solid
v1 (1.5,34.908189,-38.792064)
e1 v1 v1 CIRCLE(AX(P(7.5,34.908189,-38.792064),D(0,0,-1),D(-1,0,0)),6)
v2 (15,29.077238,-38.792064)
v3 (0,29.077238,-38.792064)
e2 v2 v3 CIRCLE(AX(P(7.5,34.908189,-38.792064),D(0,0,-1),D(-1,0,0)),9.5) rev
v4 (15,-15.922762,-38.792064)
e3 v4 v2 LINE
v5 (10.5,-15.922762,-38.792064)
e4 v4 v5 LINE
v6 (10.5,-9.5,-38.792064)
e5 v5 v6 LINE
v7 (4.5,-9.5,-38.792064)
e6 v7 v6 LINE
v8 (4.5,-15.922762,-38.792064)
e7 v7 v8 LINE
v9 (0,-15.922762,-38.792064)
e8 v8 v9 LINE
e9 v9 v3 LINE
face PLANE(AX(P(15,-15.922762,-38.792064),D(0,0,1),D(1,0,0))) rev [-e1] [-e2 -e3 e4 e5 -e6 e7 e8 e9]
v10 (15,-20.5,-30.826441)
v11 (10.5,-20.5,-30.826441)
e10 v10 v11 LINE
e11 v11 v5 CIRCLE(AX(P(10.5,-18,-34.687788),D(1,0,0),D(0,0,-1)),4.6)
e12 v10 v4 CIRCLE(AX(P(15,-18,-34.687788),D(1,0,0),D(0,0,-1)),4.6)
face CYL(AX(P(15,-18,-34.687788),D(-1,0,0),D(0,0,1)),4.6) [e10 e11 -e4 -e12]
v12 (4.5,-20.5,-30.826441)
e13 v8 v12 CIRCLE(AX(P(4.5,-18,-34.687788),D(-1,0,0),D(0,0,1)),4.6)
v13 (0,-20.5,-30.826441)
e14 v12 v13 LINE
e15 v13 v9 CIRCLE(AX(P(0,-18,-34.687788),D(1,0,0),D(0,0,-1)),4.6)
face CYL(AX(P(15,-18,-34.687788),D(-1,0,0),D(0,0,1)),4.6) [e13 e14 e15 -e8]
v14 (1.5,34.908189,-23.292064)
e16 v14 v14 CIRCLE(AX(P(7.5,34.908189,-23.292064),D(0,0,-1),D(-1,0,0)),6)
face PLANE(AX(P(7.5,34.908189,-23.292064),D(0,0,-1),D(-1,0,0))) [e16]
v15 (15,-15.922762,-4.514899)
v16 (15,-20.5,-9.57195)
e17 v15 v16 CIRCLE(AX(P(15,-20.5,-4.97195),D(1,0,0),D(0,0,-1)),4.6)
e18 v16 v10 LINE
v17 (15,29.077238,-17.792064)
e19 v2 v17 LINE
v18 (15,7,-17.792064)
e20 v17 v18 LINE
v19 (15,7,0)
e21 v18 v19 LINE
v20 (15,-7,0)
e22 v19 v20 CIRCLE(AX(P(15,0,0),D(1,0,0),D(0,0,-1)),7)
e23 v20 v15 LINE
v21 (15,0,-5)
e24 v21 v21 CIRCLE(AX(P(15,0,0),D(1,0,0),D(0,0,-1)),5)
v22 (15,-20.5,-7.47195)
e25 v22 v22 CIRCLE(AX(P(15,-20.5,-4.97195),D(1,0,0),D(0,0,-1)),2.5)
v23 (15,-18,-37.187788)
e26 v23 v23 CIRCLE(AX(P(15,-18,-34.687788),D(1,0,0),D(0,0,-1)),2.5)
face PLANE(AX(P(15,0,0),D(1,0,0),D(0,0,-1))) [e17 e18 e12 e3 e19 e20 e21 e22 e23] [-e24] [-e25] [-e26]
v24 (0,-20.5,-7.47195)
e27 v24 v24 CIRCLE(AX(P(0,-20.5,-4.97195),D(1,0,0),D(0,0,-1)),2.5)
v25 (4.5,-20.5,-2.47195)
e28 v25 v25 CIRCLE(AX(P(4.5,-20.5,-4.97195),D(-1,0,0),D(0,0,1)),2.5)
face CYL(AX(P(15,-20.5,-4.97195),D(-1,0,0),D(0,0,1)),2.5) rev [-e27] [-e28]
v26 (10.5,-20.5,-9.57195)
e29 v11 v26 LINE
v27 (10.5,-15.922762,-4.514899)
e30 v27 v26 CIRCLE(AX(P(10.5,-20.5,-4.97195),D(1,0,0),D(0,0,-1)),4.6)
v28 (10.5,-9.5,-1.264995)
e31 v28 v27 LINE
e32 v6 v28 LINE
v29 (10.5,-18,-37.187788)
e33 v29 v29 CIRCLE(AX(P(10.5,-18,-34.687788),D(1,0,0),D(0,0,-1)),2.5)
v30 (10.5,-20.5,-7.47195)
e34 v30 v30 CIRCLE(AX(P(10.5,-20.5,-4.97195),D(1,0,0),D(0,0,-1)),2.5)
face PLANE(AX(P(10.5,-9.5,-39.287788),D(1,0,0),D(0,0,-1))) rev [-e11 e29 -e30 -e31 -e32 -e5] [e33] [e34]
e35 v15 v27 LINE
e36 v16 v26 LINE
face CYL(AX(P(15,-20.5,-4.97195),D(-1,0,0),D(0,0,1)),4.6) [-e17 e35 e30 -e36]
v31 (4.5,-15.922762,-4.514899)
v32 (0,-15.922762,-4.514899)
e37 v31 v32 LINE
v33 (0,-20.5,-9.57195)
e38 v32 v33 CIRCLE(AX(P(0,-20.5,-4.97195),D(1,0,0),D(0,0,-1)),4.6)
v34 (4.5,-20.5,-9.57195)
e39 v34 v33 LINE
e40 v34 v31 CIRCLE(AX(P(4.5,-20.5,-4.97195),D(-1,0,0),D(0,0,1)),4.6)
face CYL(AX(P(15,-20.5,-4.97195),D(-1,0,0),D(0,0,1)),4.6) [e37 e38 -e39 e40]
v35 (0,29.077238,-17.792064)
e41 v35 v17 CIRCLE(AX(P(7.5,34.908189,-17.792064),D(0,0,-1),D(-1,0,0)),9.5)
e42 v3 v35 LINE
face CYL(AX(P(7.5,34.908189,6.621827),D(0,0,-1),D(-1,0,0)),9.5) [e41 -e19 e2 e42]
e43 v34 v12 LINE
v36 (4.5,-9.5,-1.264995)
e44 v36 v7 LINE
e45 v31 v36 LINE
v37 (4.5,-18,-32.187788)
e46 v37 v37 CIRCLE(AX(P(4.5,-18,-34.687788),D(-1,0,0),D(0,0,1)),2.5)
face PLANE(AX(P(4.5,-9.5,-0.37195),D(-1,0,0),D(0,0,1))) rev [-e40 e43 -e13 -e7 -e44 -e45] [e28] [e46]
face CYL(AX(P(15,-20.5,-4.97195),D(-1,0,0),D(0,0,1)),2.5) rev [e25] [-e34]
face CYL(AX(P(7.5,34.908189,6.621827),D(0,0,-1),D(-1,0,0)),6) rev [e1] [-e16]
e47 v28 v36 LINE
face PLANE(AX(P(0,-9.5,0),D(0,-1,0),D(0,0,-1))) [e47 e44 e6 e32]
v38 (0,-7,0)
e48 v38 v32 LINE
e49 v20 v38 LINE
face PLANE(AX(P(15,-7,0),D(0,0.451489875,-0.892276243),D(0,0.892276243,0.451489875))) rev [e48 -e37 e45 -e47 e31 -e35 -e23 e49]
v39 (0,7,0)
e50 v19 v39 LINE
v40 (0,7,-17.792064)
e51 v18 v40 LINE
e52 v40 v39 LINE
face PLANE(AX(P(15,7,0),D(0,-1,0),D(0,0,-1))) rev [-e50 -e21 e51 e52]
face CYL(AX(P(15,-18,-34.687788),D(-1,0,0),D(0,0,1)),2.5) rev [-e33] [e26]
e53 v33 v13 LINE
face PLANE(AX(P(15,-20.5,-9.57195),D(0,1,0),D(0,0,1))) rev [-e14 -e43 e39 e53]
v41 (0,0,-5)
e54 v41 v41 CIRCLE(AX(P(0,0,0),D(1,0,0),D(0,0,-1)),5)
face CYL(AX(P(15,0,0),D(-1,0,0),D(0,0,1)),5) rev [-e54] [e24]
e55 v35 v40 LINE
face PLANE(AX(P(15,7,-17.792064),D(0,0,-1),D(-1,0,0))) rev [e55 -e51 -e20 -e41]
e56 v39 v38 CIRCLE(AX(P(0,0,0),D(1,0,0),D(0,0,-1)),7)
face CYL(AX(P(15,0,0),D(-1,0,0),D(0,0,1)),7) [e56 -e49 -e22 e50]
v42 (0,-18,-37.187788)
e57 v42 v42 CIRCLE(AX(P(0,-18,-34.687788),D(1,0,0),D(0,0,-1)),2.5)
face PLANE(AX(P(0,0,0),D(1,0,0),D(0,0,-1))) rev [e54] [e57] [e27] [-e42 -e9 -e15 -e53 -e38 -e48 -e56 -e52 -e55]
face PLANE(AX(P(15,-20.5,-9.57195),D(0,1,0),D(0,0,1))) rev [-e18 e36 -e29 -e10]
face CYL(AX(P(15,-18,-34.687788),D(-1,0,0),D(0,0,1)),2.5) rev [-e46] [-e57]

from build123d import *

# Parameters (mm, degrees)
SKETCH1_R           = 5
SKETCH1_R_2         = 2.5
BOSS_EXTRUDE2_DEPTH = 15
SKETCH2_W           = 6
SKETCH2_H           = 38.915837439
CUT_EXTRUDE1_DEPTH  = 11
CUT_EXTRUDE2_START  = -4.5
SKETCH3_R           = 4.6
SKETCH3_R_2         = 2.5
CUT_EXTRUDE2_DEPTH  = 6
CUT_EXTRUDE3_START  = -10.5
SKETCH4_R           = 4.6
SKETCH4_R_2         = 2.5
CUT_EXTRUDE3_DEPTH  = 6
BOSS_EXTRUDE3_DEPTH = 21
CUT_EXTRUDE4_DEPTH  = 67.015153021
BOSS_EXTRUDE4_START = -15.5
SKETCH8_R           = 6
BOSS_EXTRUDE4_DEPTH = 5.5


with BuildPart() as part:
    # Sketch1 → Boss-Extrude2 (new body)
    with BuildSketch(Plane(origin=(0, 0, 0), x_dir=(0, 0, -1), z_dir=(1, 0, 0))):
        with BuildLine():
            Line((0, -7), (4.514898748, -15.922762425))
            ThreePointArc((4.514898748, -15.922762425), (1.88507796, -23.910457261), (9.571950369, -20.5))
            Line((9.571950369, -20.5), (30.826440892, -20.5))
            ThreePointArc((30.826440892, -20.5), (36.979627599, -21.988417026), (38.792064121, -15.922762425))
            Line((38.792064121, -15.922762425), (38.792064121, 29.077237575))
            Line((38.792064121, 29.077237575), (17.792064121, 29.077237575))
            Line((17.792064121, 29.077237575), (17.792064121, 7))
            Line((17.792064121, 7), (0, 7))
            ThreePointArc((0, 7), (-7, 0), (0, -7))
        make_face()
        Circle(SKETCH1_R, mode=Mode.SUBTRACT)
        with Locations((4.971950369, -20.5)):
            Circle(SKETCH1_R_2, mode=Mode.SUBTRACT)
        with Locations((34.687787808, -18)):
            Circle(SKETCH1_R_2, mode=Mode.SUBTRACT)
    extrude(amount=BOSS_EXTRUDE2_DEPTH)

    # Sketch2 → Cut-Extrude1 (cut)
    with BuildSketch(Plane.XZ.offset(20.5)):
        with Locations((7.5, -19.829869089)):
            Rectangle(SKETCH2_W, SKETCH2_H)
    extrude(amount=-CUT_EXTRUDE1_DEPTH, mode=Mode.SUBTRACT)

    # Sketch3 → Cut-Extrude2 (cut)
    with BuildSketch(Plane.ZY.offset(CUT_EXTRUDE2_START)):
        with Locations((-4.971950369, -20.5)):
            Circle(SKETCH3_R)
        with Locations(Location((-4.971950369, -20.5, 0), (0, 0, 180))):
            Circle(SKETCH3_R_2, mode=Mode.SUBTRACT)
    extrude(amount=-CUT_EXTRUDE2_DEPTH, mode=Mode.SUBTRACT)

    # Sketch4 → Cut-Extrude3 (cut)
    with BuildSketch(Plane(origin=(15, 0, 0), x_dir=(0, 0, -1), z_dir=(1, 0, 0)).offset(CUT_EXTRUDE3_START)):
        with Locations((34.687787808, -18)):
            Circle(SKETCH4_R)
        with Locations((34.687787808, -18)):
            Circle(SKETCH4_R_2, mode=Mode.SUBTRACT)
    extrude(amount=CUT_EXTRUDE3_DEPTH, mode=Mode.SUBTRACT)

    # Sketch6 → Boss-Extrude3 (add)
    with BuildSketch(Plane(origin=(0, 0, -38.792064121), x_dir=(-1, 0, 0), z_dir=(0, 0, -1))):
        with BuildLine():
            ThreePointArc((0, 29.077237575), (-7.5, 44.40818947), (-15, 29.077237575))
            Line((-15, 29.077237575), (-8.914213562, 29.077237575))
            ThreePointArc((-8.914213562, 29.077237575), (-11.20909144, 39.624399885), (-1.5, 34.90818947))
            ThreePointArc((-1.5, 34.90818947), (-2.783789584, 31.199098029), (-6.085786438, 29.077237575))
            Line((-6.085786438, 29.077237575), (0, 29.077237575))
        make_face()
    extrude(amount=-BOSS_EXTRUDE3_DEPTH)

    # Sketch7 → Cut-Extrude4 (cut, through all)
    with BuildSketch(Plane(origin=(0, 0, -38.792064121), x_dir=(-1, 0, 0), z_dir=(0, 0, -1))):
        with BuildLine():
            Line((-8.914213562, 29.077237575), (-6.085786438, 29.077237575))
            ThreePointArc((-6.085786438, 29.077237575), (-7.5, 28.90818947), (-8.914213562, 29.077237575))
        make_face()
    extrude(amount=-CUT_EXTRUDE4_DEPTH, mode=Mode.SUBTRACT)

    # Sketch8 → Boss-Extrude4 (add)
    with BuildSketch(Plane(origin=(0, 0, -38.792064121), x_dir=(-1, 0, 0), z_dir=(0, 0, -1)).offset(BOSS_EXTRUDE4_START)):
        with Locations((-7.5, 34.90818947)):
            Circle(SKETCH8_R)
    extrude(amount=-BOSS_EXTRUDE4_DEPTH)


solid = part.part
